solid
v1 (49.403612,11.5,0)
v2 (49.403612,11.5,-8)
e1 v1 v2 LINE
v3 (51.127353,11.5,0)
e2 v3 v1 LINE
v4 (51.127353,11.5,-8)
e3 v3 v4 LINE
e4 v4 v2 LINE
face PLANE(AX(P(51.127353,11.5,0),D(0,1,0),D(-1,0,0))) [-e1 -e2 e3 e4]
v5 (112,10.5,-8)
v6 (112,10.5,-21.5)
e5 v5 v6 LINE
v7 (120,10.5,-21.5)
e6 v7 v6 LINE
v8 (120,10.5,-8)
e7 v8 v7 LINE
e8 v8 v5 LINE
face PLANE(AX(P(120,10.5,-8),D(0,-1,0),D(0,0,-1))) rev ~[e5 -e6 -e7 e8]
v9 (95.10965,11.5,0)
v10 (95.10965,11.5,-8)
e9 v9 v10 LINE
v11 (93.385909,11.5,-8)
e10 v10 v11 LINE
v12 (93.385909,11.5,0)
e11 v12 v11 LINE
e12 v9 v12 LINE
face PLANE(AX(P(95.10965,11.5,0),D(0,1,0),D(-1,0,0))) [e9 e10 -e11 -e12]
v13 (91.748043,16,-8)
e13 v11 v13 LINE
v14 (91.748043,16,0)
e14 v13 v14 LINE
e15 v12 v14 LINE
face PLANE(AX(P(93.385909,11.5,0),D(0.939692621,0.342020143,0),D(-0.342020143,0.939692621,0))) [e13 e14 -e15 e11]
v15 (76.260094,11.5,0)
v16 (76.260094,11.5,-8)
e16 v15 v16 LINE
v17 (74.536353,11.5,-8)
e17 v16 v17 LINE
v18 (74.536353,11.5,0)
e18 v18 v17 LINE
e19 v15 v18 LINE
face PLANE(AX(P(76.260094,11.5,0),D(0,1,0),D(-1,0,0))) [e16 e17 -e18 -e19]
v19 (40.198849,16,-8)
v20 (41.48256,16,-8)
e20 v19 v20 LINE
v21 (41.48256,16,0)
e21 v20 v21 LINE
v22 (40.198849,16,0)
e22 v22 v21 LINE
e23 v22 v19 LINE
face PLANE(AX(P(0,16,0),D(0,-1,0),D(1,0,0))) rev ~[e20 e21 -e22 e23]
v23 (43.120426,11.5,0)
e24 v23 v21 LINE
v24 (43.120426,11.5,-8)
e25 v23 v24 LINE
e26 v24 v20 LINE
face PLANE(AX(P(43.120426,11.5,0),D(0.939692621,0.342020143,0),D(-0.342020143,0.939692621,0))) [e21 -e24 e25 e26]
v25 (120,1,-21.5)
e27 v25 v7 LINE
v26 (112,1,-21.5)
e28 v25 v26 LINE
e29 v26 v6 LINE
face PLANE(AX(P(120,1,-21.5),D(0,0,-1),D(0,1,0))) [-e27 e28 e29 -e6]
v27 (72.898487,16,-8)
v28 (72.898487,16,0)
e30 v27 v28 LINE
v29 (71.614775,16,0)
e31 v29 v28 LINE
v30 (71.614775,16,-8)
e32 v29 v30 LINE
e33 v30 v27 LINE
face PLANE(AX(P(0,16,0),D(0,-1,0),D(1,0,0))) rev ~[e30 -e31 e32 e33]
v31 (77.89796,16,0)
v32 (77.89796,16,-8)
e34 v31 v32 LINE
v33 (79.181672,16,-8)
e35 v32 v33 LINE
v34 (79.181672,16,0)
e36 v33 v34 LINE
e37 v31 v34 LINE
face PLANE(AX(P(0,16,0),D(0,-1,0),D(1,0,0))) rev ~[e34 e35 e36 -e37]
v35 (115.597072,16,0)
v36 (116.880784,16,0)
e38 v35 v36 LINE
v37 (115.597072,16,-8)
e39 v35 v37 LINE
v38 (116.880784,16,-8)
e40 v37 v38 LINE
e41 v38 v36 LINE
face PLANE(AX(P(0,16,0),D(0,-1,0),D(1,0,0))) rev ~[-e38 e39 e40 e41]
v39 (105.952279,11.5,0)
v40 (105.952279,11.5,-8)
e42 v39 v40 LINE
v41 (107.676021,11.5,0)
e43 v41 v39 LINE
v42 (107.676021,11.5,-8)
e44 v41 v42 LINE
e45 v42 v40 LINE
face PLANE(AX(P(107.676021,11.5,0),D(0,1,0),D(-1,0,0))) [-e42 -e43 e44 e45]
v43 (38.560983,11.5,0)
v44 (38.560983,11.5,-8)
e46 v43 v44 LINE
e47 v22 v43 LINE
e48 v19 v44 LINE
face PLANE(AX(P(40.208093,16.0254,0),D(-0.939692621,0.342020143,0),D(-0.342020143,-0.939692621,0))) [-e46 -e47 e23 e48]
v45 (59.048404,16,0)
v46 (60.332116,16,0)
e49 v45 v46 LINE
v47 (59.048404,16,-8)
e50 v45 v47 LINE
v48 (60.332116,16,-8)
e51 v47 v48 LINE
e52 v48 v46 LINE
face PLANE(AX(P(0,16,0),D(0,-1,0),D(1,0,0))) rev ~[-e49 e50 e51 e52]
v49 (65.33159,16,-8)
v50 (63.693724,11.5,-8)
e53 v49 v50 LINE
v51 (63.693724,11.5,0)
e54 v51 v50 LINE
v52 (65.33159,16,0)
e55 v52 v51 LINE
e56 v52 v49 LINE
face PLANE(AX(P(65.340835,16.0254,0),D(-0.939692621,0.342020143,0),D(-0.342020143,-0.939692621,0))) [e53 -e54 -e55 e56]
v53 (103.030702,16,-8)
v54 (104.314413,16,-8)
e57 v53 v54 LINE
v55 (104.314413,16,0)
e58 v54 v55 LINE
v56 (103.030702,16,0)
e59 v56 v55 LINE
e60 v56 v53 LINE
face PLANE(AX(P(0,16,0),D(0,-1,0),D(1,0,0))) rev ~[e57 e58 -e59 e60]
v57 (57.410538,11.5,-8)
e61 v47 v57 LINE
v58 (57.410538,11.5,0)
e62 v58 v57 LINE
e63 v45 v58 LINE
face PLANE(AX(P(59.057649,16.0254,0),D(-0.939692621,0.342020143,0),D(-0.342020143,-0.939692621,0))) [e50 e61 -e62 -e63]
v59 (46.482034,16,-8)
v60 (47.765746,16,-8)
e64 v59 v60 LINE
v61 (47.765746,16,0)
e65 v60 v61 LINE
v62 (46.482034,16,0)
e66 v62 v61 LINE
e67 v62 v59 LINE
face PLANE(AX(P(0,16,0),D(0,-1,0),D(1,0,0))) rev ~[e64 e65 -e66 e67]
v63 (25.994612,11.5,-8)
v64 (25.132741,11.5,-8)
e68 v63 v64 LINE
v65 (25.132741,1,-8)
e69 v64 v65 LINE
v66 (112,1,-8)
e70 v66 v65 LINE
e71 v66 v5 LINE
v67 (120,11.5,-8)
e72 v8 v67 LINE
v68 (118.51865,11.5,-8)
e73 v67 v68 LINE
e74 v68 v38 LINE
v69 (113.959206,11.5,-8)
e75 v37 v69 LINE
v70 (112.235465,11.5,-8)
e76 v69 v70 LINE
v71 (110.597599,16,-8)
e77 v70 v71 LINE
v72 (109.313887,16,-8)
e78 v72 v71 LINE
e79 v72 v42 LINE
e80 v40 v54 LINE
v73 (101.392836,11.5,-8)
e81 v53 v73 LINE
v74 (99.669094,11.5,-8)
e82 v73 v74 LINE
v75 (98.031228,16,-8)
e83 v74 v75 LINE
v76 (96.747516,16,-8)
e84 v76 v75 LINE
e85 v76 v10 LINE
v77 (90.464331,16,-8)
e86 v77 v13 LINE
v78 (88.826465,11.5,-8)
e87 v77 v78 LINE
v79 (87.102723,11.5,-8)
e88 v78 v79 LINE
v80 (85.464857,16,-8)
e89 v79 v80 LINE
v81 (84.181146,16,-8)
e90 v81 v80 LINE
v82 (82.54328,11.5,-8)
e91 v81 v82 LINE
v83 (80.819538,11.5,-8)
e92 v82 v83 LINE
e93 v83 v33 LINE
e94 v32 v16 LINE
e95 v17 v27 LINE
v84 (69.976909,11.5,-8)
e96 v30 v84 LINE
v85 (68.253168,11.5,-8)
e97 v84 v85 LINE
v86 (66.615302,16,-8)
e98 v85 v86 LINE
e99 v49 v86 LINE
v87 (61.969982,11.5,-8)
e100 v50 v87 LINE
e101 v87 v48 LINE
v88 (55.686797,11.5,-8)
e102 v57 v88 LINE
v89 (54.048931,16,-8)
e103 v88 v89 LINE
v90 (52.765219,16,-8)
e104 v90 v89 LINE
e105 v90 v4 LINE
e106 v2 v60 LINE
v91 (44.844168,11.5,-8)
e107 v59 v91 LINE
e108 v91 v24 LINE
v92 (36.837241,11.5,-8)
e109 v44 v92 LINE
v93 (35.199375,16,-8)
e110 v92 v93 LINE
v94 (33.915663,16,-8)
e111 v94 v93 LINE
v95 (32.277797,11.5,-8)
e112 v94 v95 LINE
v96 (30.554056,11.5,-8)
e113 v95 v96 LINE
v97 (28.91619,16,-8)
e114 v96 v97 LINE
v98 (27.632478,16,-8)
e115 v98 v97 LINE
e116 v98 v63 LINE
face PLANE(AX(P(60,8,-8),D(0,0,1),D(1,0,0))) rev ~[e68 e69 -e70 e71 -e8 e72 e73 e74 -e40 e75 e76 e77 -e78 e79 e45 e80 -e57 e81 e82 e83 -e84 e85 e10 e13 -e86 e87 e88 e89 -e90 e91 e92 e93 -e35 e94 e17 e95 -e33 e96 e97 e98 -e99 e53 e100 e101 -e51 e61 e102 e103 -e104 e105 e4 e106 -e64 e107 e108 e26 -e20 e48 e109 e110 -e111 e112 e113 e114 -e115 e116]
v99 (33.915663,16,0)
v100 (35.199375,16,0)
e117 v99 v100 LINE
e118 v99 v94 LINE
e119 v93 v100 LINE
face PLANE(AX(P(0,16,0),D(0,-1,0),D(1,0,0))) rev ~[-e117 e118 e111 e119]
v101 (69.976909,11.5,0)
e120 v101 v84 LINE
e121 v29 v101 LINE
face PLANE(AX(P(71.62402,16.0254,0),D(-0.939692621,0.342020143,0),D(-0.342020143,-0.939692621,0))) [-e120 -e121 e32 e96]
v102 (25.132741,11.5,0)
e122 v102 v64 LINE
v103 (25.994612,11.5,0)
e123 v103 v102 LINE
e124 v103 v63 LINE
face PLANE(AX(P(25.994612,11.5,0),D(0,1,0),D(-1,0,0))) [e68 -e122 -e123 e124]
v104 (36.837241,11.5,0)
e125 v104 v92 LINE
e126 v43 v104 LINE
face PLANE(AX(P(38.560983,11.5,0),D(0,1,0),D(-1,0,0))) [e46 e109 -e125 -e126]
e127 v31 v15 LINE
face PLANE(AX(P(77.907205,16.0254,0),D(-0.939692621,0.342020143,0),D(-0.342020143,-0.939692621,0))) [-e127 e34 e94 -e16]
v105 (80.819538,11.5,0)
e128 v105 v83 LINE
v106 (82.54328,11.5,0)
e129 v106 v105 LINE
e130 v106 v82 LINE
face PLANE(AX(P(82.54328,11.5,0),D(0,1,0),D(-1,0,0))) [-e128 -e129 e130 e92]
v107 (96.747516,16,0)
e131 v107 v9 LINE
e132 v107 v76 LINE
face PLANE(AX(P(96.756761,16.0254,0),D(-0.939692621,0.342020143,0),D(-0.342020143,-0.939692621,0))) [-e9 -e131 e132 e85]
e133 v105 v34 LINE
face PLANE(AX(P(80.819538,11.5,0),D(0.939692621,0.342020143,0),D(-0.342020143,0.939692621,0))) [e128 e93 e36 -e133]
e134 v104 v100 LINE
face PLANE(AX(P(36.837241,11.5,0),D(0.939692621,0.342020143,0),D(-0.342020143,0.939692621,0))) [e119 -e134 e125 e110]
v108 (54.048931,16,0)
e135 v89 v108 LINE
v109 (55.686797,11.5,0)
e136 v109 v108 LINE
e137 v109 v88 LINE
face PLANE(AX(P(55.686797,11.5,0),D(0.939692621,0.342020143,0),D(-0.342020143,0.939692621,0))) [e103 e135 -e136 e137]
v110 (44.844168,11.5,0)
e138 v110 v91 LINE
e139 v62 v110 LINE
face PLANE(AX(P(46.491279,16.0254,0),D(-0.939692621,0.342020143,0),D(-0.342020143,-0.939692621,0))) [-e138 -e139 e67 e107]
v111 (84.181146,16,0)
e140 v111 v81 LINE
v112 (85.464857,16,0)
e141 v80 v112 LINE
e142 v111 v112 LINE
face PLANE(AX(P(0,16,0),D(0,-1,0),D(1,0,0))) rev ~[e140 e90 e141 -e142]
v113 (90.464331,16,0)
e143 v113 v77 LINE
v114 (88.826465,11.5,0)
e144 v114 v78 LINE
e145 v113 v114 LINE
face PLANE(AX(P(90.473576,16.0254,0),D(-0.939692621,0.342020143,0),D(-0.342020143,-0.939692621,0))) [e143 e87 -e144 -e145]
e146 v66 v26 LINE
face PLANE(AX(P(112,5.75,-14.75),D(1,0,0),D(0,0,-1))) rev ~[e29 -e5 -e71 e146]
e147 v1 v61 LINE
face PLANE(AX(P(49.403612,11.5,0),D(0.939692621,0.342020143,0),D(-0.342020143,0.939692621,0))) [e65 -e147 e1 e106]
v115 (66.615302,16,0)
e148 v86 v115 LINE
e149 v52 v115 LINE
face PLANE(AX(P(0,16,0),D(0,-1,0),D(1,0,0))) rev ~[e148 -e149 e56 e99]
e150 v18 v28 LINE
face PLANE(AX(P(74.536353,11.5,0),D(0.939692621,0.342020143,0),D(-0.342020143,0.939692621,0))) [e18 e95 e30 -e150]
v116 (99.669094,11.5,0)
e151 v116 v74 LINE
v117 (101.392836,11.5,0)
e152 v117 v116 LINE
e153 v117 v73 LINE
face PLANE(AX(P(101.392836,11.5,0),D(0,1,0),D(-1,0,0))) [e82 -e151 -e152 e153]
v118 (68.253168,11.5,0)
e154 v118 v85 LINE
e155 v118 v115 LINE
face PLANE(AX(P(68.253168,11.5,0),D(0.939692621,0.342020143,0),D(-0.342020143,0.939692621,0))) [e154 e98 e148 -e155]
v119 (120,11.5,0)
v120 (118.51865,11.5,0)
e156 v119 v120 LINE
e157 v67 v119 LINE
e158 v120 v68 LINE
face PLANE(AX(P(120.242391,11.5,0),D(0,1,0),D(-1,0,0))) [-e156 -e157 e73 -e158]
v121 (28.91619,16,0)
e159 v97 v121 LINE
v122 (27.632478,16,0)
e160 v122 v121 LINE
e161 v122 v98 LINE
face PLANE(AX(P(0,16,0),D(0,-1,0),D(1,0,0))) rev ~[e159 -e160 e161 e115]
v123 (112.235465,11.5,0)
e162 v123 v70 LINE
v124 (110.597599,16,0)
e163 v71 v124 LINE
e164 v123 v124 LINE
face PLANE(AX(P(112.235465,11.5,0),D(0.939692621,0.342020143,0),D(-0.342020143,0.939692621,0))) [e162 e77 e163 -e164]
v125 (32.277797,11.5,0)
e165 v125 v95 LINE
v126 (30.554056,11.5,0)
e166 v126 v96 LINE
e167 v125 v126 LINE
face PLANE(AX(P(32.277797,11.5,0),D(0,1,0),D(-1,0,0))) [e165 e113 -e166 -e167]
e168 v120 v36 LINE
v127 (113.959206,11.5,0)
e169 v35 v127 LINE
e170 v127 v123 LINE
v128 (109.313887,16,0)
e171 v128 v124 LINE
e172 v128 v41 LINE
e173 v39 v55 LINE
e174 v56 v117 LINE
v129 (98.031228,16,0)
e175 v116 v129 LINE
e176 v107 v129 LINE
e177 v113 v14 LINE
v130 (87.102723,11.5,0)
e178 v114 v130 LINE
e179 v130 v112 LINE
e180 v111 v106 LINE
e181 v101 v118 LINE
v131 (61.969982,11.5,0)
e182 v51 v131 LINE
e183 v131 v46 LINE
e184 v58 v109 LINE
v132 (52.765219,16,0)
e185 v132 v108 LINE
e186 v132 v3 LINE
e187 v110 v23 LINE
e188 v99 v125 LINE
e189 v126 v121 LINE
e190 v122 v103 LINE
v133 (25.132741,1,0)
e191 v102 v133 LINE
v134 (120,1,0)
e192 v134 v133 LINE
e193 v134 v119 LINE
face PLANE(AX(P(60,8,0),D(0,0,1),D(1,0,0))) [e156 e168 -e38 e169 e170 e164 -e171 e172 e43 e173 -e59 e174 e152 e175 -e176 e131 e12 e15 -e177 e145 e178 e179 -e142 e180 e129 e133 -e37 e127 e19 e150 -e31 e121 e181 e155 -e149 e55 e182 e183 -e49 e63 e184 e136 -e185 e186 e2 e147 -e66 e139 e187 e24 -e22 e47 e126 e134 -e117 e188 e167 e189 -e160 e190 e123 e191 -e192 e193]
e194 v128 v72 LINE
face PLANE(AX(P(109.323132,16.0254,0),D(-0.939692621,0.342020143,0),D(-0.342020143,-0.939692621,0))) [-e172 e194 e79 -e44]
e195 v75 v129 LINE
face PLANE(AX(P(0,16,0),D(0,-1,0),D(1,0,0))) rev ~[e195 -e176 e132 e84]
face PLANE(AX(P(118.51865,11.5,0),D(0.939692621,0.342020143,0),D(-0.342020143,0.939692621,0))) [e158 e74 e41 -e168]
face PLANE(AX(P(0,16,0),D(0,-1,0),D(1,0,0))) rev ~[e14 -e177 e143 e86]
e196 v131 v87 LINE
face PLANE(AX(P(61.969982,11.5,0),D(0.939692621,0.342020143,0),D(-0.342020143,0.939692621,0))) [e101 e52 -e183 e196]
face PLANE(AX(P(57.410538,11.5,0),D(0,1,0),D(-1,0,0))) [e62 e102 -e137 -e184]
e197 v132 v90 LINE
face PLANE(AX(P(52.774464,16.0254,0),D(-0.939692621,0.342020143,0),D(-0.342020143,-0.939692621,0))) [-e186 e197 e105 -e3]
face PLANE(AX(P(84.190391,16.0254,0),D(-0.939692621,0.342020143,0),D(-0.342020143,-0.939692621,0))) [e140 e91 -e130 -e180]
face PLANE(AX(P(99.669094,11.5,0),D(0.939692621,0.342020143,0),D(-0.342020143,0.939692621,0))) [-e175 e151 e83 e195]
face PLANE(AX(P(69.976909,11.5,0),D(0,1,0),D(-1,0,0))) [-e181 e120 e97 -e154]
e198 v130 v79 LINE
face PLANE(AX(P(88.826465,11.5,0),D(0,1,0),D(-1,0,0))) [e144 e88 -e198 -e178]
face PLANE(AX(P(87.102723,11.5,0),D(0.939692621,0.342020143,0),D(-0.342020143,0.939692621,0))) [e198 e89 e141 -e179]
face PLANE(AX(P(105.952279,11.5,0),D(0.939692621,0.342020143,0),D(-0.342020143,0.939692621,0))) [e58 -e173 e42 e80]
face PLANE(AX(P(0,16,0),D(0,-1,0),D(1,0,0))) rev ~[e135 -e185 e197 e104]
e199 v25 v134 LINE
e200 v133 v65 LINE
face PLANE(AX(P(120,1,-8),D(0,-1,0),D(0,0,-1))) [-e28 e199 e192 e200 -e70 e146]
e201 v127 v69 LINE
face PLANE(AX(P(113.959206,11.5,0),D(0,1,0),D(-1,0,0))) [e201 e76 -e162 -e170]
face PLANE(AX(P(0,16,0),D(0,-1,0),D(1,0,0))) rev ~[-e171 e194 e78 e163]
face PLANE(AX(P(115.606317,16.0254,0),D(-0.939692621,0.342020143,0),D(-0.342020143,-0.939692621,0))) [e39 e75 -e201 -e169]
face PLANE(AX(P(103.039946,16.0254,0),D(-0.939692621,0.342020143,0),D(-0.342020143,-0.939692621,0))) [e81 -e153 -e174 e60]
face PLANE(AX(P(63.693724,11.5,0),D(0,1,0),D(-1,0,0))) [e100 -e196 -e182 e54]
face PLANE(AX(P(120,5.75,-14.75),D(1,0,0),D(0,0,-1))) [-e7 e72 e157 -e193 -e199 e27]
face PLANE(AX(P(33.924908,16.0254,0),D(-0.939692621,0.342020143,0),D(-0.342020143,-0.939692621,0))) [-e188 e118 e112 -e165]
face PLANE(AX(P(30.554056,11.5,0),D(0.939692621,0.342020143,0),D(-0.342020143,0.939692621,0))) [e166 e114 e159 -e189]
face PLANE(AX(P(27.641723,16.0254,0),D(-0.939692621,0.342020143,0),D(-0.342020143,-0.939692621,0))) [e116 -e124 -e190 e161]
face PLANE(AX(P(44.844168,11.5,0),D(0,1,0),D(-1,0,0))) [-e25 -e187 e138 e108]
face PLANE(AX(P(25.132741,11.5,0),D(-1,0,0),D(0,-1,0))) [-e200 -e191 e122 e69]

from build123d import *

# Parameters (mm, degrees)
BLANKSKE_W          = 120
BLANKSKE_H          = 16
BLANK_DEPTH         = 8
TOOTHCUTSIM_DEPTH   = 122.326007105
TEETHCUTS_COUNT     = 20
TEETHCUTS_PITCH     = 6.2831853
SKETCH1_W           = 8
SKETCH1_H           = 1
CUT_EXTRUDE1_DEPTH  = 122.326007105
SKETCH2_W           = 13.5
SKETCH2_H           = 9.5
BOSS_EXTRUDE2_DEPTH = 8
CUT_EXTRUDE2_DEPTH  = 123.956293048


with BuildPart() as part:
    # BlankSke → Blank (new body)
    with BuildSketch(Plane.XY):
        with Locations((60, 8)):
            Rectangle(BLANKSKE_W, BLANKSKE_H)
    extrude(amount=-BLANK_DEPTH)

    # TooCutSkeSim → ToothCutSim (cut, through all)
    with BuildSketch(Plane.XY):
        Polygon((0.861870739, 11.5), (-0.861870739, 11.5), (-2.508981637, 16.0254), (2.508981637, 16.0254), align=None)
    toothcutsim = extrude(amount=-TOOTHCUTSIM_DEPTH, mode=Mode.SUBTRACT)

    # TeethCuts: ToothCutSim ×20
    with Locations(*[(i * TEETHCUTS_PITCH, 0, 0) for i in range(1, TEETHCUTS_COUNT)]):
        add(toothcutsim, mode=Mode.SUBTRACT)

    # Sketch1 → Cut-Extrude1 (cut, through all)
    with BuildSketch(Plane(origin=(120, 0, 0), x_dir=(0, 0, -1), z_dir=(1, 0, 0))):
        with Locations((4, 0.5)):
            Rectangle(SKETCH1_W, SKETCH1_H)
    extrude(amount=-CUT_EXTRUDE1_DEPTH, mode=Mode.SUBTRACT)

    # Sketch2 → Boss-Extrude2 (add)
    with BuildSketch(Plane(origin=(120, 0, 0), x_dir=(0, 0, -1), z_dir=(1, 0, 0))):
        with Locations((14.75, 5.75)):
            Rectangle(SKETCH2_W, SKETCH2_H)
    extrude(amount=-BOSS_EXTRUDE2_DEPTH)

    # Sketch3 → Cut-Extrude2 (cut, through all)
    with BuildSketch(Plane.XY):
        with BuildLine():
            Line((0, 1), (0, 11.5))
            ThreePointArc((0, 11.5), (0.43093537, 11.93093537), (0.861870739, 11.5))
            Line((0.861870739, 11.5), (2.499736794, 16))
            Line((2.499736794, 16), (3.783448506, 16))
            Line((3.783448506, 16), (5.421314561, 11.5))
            Line((5.421314561, 11.5), (7.145056039, 11.5))
            Line((7.145056039, 11.5), (8.782922094, 16))
            Line((8.782922094, 16), (10.066633806, 16))
            Line((10.066633806, 16), (11.704499861, 11.5))
            Line((11.704499861, 11.5), (13.428241339, 11.5))
            Line((13.428241339, 11.5), (15.066107394, 16))
            Line((15.066107394, 16), (15.70796325, 16))
            Line((15.70796325, 16), (16.349819106, 16))
            Line((16.349819106, 16), (17.987685161, 11.5))
            Line((17.987685161, 11.5), (19.711426639, 11.5))
            Line((19.711426639, 11.5), (21.349292694, 16))
            Line((21.349292694, 16), (22.633004406, 16))
            Line((22.633004406, 16), (24.270870461, 11.5))
            Line((24.270870461, 11.5), (25.1327412, 11.5))
            Line((25.1327412, 11.5), (25.1327412, 1))
            Line((25.1327412, 1), (17.987685161, 1))
            Line((17.987685161, 1), (15.70796325, 1))
            Line((15.70796325, 1), (6.161314561, 1))
            Line((6.161314561, 1), (0, 1))
        make_face()
    extrude(amount=-CUT_EXTRUDE2_DEPTH, mode=Mode.SUBTRACT)


solid = part.part
